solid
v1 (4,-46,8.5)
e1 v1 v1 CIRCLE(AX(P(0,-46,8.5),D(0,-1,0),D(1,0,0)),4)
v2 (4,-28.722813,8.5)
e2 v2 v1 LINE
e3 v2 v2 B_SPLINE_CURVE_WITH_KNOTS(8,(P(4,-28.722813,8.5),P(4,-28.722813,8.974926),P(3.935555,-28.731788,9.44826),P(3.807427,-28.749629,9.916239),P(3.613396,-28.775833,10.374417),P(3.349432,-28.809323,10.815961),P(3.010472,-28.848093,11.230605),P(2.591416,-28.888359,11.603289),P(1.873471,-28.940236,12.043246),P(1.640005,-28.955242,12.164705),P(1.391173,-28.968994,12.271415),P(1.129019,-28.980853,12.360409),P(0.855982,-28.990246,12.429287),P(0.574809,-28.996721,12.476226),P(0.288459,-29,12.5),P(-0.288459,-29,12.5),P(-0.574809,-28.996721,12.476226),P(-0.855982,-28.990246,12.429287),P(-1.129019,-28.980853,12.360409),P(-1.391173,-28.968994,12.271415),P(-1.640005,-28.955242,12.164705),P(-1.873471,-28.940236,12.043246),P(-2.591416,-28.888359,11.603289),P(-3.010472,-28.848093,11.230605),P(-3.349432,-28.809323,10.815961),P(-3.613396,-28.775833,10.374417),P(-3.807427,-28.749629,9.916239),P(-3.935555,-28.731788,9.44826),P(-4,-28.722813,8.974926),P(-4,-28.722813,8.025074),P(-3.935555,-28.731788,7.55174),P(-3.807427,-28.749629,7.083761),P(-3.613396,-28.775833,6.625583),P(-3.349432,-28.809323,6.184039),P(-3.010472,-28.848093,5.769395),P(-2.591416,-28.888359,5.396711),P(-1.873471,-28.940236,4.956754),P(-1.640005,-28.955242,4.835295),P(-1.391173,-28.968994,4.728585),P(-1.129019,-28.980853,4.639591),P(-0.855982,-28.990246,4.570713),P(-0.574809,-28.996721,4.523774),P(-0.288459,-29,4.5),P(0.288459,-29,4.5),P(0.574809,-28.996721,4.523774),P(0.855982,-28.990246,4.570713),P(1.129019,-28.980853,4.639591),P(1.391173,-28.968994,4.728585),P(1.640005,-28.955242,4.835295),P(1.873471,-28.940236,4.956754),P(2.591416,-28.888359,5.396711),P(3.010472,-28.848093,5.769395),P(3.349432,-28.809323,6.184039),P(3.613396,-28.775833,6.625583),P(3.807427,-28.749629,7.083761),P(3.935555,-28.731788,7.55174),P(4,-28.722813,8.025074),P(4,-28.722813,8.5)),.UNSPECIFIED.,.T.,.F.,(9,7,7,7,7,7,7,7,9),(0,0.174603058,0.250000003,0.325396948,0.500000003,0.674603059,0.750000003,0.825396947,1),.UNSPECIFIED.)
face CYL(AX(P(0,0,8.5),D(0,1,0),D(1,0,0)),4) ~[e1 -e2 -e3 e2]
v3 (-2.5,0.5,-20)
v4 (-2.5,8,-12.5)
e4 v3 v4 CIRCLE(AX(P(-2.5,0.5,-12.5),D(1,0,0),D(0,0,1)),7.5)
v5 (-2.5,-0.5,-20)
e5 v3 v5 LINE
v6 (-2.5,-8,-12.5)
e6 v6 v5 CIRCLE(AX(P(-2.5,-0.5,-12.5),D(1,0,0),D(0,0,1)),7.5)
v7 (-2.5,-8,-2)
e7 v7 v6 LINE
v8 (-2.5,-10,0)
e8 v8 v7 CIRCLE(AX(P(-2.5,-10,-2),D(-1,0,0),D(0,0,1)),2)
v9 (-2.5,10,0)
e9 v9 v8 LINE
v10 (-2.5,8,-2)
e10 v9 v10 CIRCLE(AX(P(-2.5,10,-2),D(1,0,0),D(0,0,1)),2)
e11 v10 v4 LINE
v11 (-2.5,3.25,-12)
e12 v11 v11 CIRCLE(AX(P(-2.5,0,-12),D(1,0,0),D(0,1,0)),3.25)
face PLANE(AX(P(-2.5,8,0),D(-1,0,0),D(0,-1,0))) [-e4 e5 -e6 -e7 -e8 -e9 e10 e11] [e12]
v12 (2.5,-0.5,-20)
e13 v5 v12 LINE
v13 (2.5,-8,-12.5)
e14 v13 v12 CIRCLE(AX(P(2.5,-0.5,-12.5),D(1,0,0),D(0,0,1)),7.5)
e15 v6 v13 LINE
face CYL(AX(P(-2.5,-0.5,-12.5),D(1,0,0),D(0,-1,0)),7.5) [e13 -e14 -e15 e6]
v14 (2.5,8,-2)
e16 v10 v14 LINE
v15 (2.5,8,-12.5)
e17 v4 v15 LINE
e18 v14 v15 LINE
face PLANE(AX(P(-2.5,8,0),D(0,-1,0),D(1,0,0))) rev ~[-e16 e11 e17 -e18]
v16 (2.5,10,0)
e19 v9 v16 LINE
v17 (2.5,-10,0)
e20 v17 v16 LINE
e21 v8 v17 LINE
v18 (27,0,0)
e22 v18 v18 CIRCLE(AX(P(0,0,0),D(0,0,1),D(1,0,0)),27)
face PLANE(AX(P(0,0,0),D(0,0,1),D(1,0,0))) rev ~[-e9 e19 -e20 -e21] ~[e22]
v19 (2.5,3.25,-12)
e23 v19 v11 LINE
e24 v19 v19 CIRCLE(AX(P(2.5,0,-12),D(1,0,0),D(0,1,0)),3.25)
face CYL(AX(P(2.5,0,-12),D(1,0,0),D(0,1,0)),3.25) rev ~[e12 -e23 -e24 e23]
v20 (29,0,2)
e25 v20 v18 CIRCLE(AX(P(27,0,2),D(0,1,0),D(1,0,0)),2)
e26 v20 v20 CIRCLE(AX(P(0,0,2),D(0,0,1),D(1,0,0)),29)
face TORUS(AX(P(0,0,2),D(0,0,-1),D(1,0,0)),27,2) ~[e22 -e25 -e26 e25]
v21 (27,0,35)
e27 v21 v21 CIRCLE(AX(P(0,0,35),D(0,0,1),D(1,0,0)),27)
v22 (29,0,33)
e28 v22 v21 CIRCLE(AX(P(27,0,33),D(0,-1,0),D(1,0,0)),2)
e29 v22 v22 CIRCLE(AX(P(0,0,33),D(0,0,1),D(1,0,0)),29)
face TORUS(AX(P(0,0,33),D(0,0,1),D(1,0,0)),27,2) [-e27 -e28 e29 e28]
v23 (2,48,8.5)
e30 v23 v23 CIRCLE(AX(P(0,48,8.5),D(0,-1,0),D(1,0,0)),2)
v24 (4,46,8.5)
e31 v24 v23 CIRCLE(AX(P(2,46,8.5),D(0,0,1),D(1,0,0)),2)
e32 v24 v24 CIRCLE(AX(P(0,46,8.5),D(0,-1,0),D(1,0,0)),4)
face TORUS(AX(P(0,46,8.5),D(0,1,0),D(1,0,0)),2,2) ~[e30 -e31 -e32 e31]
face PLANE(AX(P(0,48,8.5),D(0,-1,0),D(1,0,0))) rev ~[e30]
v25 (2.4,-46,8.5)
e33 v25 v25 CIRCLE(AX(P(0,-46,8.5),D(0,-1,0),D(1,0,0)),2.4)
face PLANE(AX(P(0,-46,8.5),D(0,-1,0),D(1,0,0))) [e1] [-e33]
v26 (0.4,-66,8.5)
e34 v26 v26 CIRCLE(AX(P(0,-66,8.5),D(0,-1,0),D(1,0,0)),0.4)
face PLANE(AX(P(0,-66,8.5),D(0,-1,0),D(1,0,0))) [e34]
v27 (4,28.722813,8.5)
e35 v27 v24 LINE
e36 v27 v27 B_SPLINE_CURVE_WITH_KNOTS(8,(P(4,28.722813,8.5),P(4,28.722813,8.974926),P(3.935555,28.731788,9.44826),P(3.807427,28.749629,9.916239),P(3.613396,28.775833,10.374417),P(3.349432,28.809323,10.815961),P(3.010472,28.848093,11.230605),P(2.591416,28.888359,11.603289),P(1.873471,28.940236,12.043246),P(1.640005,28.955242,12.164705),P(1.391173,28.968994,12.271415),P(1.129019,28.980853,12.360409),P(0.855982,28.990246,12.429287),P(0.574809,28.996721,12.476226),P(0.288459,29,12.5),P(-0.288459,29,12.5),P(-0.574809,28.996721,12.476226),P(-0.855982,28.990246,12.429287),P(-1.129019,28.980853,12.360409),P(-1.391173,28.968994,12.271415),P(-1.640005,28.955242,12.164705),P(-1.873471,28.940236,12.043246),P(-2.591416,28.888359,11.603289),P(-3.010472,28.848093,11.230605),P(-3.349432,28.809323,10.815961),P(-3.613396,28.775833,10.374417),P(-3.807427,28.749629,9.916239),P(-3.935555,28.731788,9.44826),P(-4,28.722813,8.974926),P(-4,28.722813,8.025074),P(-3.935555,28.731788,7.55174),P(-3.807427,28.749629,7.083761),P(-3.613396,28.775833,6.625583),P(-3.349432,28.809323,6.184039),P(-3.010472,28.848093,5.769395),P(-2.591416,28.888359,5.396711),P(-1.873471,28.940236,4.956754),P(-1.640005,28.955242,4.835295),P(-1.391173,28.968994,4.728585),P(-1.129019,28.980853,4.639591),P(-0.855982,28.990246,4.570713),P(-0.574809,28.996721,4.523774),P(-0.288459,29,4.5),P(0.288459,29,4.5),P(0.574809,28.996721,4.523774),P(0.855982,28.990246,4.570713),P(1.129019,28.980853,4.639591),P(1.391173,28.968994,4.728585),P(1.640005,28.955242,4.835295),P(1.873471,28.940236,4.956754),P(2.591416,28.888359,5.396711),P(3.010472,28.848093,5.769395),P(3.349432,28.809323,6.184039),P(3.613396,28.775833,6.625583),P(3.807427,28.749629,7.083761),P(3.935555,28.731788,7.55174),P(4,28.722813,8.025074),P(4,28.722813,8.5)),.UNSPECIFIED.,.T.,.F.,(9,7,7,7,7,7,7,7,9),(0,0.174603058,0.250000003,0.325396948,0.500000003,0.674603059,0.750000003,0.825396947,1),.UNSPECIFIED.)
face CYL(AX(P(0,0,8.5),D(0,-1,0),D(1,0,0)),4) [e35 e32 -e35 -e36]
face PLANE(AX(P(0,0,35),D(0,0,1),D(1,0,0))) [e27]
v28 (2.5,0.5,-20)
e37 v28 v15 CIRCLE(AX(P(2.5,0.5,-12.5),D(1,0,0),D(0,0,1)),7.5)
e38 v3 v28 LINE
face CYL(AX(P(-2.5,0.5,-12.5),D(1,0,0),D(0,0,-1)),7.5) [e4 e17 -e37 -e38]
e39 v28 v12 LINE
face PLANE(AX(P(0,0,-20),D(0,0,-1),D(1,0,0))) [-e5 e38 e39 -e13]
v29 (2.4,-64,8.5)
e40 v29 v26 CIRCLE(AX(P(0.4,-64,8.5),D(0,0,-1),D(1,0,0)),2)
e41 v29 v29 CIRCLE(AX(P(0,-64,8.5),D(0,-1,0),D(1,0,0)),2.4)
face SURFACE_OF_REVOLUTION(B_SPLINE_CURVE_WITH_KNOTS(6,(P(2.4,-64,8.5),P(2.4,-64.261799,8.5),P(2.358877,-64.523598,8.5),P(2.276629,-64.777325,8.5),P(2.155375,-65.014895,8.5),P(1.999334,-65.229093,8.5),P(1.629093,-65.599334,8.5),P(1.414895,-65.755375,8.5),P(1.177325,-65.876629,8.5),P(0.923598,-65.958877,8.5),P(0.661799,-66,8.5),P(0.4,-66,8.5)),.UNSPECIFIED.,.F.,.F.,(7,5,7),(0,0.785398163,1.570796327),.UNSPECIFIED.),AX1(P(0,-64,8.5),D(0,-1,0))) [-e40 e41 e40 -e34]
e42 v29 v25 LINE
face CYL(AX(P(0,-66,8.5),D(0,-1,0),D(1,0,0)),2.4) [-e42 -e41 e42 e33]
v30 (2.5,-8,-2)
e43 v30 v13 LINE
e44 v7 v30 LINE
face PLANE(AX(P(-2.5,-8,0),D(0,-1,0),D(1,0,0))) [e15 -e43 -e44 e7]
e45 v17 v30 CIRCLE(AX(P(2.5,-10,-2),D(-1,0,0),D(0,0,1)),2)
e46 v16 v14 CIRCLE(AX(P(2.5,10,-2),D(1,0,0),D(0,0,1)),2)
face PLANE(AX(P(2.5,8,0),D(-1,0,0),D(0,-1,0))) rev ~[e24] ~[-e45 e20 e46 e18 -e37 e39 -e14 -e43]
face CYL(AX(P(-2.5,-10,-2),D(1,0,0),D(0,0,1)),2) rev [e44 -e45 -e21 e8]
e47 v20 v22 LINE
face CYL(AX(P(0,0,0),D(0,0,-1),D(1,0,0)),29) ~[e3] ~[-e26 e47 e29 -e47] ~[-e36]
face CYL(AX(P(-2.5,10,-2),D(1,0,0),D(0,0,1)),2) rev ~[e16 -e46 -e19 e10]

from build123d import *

# Parameters (mm, degrees)
SKETCH_R          = 29
PAD_DEPTH         = 35
SKETCH001_W       = 5
SKETCH001_H       = 16
PAD001_DEPTH      = 20
SKETCH002_R       = 4
PAD002_DEPTH      = 66
PAD002_DEPTH_BACK = 48
SKETCH003_R       = 4
SKETCH003_R_2     = 2.4
POCKET_DEPTH      = 20
SKETCH004_R       = 3.25
POCKET001_DEPTH   = 5
FILLET_R          = 2
FILLET001_R       = 7.5


with BuildPart() as part:
    # Sketch → Pad (new body)
    with BuildSketch(Plane.XY):
        Circle(SKETCH_R)
    extrude(amount=PAD_DEPTH)

    # Sketch001 (on Face2 of Pad) → Pad001 (join)
    with BuildSketch(Plane(origin=(0, 0, 0), x_dir=(1, 0, 0), z_dir=(0, 0, -1))):
        Rectangle(SKETCH001_W, SKETCH001_H)
    extrude(amount=PAD001_DEPTH)

    # Sketch002 → Pad002 (join, two sides)
    with BuildSketch(Plane.XZ) as pad002_sk:
        with Locations((0, 8.5)):
            Circle(SKETCH002_R)
    extrude(amount=PAD002_DEPTH)
    extrude(pad002_sk.sketch, amount=-PAD002_DEPTH_BACK)

    # Sketch003 (on Face12 of Pad002) → Pocket (cut)
    with BuildSketch(Plane.XZ.offset(66)):
        with Locations((0, 8.5)):
            Circle(SKETCH003_R)
        with Locations((0, 8.5)):
            Circle(SKETCH003_R_2, mode=Mode.SUBTRACT)
    extrude(amount=-POCKET_DEPTH, mode=Mode.SUBTRACT)

    # Sketch004 (on Face6 of Pocket) → Pocket001 (cut)
    with BuildSketch(Plane.YZ.offset(2.5)):
        with Locations((0, -12)):
            Circle(SKETCH004_R)
    extrude(amount=-POCKET001_DEPTH, mode=Mode.SUBTRACT)

    # Fillet
    fillet_edges = [part.edges().sort_by_distance(p)[0] for p in [
        (-2.4, -66, 8.5),
        (-29, 0, 35),
        (-29, 0, 0),
        (0, 8, 0),
        (0, -8, 0),
        (-4, 48, 8.5),
    ]]
    fillet(fillet_edges, radius=FILLET_R)

    # Fillet001
    fillet001_edges = [part.edges().sort_by_distance(p)[0] for p in [
        (0, -8, -20),
        (0, 8, -20),
    ]]
    fillet(fillet001_edges, radius=FILLET001_R)


solid = part.part
